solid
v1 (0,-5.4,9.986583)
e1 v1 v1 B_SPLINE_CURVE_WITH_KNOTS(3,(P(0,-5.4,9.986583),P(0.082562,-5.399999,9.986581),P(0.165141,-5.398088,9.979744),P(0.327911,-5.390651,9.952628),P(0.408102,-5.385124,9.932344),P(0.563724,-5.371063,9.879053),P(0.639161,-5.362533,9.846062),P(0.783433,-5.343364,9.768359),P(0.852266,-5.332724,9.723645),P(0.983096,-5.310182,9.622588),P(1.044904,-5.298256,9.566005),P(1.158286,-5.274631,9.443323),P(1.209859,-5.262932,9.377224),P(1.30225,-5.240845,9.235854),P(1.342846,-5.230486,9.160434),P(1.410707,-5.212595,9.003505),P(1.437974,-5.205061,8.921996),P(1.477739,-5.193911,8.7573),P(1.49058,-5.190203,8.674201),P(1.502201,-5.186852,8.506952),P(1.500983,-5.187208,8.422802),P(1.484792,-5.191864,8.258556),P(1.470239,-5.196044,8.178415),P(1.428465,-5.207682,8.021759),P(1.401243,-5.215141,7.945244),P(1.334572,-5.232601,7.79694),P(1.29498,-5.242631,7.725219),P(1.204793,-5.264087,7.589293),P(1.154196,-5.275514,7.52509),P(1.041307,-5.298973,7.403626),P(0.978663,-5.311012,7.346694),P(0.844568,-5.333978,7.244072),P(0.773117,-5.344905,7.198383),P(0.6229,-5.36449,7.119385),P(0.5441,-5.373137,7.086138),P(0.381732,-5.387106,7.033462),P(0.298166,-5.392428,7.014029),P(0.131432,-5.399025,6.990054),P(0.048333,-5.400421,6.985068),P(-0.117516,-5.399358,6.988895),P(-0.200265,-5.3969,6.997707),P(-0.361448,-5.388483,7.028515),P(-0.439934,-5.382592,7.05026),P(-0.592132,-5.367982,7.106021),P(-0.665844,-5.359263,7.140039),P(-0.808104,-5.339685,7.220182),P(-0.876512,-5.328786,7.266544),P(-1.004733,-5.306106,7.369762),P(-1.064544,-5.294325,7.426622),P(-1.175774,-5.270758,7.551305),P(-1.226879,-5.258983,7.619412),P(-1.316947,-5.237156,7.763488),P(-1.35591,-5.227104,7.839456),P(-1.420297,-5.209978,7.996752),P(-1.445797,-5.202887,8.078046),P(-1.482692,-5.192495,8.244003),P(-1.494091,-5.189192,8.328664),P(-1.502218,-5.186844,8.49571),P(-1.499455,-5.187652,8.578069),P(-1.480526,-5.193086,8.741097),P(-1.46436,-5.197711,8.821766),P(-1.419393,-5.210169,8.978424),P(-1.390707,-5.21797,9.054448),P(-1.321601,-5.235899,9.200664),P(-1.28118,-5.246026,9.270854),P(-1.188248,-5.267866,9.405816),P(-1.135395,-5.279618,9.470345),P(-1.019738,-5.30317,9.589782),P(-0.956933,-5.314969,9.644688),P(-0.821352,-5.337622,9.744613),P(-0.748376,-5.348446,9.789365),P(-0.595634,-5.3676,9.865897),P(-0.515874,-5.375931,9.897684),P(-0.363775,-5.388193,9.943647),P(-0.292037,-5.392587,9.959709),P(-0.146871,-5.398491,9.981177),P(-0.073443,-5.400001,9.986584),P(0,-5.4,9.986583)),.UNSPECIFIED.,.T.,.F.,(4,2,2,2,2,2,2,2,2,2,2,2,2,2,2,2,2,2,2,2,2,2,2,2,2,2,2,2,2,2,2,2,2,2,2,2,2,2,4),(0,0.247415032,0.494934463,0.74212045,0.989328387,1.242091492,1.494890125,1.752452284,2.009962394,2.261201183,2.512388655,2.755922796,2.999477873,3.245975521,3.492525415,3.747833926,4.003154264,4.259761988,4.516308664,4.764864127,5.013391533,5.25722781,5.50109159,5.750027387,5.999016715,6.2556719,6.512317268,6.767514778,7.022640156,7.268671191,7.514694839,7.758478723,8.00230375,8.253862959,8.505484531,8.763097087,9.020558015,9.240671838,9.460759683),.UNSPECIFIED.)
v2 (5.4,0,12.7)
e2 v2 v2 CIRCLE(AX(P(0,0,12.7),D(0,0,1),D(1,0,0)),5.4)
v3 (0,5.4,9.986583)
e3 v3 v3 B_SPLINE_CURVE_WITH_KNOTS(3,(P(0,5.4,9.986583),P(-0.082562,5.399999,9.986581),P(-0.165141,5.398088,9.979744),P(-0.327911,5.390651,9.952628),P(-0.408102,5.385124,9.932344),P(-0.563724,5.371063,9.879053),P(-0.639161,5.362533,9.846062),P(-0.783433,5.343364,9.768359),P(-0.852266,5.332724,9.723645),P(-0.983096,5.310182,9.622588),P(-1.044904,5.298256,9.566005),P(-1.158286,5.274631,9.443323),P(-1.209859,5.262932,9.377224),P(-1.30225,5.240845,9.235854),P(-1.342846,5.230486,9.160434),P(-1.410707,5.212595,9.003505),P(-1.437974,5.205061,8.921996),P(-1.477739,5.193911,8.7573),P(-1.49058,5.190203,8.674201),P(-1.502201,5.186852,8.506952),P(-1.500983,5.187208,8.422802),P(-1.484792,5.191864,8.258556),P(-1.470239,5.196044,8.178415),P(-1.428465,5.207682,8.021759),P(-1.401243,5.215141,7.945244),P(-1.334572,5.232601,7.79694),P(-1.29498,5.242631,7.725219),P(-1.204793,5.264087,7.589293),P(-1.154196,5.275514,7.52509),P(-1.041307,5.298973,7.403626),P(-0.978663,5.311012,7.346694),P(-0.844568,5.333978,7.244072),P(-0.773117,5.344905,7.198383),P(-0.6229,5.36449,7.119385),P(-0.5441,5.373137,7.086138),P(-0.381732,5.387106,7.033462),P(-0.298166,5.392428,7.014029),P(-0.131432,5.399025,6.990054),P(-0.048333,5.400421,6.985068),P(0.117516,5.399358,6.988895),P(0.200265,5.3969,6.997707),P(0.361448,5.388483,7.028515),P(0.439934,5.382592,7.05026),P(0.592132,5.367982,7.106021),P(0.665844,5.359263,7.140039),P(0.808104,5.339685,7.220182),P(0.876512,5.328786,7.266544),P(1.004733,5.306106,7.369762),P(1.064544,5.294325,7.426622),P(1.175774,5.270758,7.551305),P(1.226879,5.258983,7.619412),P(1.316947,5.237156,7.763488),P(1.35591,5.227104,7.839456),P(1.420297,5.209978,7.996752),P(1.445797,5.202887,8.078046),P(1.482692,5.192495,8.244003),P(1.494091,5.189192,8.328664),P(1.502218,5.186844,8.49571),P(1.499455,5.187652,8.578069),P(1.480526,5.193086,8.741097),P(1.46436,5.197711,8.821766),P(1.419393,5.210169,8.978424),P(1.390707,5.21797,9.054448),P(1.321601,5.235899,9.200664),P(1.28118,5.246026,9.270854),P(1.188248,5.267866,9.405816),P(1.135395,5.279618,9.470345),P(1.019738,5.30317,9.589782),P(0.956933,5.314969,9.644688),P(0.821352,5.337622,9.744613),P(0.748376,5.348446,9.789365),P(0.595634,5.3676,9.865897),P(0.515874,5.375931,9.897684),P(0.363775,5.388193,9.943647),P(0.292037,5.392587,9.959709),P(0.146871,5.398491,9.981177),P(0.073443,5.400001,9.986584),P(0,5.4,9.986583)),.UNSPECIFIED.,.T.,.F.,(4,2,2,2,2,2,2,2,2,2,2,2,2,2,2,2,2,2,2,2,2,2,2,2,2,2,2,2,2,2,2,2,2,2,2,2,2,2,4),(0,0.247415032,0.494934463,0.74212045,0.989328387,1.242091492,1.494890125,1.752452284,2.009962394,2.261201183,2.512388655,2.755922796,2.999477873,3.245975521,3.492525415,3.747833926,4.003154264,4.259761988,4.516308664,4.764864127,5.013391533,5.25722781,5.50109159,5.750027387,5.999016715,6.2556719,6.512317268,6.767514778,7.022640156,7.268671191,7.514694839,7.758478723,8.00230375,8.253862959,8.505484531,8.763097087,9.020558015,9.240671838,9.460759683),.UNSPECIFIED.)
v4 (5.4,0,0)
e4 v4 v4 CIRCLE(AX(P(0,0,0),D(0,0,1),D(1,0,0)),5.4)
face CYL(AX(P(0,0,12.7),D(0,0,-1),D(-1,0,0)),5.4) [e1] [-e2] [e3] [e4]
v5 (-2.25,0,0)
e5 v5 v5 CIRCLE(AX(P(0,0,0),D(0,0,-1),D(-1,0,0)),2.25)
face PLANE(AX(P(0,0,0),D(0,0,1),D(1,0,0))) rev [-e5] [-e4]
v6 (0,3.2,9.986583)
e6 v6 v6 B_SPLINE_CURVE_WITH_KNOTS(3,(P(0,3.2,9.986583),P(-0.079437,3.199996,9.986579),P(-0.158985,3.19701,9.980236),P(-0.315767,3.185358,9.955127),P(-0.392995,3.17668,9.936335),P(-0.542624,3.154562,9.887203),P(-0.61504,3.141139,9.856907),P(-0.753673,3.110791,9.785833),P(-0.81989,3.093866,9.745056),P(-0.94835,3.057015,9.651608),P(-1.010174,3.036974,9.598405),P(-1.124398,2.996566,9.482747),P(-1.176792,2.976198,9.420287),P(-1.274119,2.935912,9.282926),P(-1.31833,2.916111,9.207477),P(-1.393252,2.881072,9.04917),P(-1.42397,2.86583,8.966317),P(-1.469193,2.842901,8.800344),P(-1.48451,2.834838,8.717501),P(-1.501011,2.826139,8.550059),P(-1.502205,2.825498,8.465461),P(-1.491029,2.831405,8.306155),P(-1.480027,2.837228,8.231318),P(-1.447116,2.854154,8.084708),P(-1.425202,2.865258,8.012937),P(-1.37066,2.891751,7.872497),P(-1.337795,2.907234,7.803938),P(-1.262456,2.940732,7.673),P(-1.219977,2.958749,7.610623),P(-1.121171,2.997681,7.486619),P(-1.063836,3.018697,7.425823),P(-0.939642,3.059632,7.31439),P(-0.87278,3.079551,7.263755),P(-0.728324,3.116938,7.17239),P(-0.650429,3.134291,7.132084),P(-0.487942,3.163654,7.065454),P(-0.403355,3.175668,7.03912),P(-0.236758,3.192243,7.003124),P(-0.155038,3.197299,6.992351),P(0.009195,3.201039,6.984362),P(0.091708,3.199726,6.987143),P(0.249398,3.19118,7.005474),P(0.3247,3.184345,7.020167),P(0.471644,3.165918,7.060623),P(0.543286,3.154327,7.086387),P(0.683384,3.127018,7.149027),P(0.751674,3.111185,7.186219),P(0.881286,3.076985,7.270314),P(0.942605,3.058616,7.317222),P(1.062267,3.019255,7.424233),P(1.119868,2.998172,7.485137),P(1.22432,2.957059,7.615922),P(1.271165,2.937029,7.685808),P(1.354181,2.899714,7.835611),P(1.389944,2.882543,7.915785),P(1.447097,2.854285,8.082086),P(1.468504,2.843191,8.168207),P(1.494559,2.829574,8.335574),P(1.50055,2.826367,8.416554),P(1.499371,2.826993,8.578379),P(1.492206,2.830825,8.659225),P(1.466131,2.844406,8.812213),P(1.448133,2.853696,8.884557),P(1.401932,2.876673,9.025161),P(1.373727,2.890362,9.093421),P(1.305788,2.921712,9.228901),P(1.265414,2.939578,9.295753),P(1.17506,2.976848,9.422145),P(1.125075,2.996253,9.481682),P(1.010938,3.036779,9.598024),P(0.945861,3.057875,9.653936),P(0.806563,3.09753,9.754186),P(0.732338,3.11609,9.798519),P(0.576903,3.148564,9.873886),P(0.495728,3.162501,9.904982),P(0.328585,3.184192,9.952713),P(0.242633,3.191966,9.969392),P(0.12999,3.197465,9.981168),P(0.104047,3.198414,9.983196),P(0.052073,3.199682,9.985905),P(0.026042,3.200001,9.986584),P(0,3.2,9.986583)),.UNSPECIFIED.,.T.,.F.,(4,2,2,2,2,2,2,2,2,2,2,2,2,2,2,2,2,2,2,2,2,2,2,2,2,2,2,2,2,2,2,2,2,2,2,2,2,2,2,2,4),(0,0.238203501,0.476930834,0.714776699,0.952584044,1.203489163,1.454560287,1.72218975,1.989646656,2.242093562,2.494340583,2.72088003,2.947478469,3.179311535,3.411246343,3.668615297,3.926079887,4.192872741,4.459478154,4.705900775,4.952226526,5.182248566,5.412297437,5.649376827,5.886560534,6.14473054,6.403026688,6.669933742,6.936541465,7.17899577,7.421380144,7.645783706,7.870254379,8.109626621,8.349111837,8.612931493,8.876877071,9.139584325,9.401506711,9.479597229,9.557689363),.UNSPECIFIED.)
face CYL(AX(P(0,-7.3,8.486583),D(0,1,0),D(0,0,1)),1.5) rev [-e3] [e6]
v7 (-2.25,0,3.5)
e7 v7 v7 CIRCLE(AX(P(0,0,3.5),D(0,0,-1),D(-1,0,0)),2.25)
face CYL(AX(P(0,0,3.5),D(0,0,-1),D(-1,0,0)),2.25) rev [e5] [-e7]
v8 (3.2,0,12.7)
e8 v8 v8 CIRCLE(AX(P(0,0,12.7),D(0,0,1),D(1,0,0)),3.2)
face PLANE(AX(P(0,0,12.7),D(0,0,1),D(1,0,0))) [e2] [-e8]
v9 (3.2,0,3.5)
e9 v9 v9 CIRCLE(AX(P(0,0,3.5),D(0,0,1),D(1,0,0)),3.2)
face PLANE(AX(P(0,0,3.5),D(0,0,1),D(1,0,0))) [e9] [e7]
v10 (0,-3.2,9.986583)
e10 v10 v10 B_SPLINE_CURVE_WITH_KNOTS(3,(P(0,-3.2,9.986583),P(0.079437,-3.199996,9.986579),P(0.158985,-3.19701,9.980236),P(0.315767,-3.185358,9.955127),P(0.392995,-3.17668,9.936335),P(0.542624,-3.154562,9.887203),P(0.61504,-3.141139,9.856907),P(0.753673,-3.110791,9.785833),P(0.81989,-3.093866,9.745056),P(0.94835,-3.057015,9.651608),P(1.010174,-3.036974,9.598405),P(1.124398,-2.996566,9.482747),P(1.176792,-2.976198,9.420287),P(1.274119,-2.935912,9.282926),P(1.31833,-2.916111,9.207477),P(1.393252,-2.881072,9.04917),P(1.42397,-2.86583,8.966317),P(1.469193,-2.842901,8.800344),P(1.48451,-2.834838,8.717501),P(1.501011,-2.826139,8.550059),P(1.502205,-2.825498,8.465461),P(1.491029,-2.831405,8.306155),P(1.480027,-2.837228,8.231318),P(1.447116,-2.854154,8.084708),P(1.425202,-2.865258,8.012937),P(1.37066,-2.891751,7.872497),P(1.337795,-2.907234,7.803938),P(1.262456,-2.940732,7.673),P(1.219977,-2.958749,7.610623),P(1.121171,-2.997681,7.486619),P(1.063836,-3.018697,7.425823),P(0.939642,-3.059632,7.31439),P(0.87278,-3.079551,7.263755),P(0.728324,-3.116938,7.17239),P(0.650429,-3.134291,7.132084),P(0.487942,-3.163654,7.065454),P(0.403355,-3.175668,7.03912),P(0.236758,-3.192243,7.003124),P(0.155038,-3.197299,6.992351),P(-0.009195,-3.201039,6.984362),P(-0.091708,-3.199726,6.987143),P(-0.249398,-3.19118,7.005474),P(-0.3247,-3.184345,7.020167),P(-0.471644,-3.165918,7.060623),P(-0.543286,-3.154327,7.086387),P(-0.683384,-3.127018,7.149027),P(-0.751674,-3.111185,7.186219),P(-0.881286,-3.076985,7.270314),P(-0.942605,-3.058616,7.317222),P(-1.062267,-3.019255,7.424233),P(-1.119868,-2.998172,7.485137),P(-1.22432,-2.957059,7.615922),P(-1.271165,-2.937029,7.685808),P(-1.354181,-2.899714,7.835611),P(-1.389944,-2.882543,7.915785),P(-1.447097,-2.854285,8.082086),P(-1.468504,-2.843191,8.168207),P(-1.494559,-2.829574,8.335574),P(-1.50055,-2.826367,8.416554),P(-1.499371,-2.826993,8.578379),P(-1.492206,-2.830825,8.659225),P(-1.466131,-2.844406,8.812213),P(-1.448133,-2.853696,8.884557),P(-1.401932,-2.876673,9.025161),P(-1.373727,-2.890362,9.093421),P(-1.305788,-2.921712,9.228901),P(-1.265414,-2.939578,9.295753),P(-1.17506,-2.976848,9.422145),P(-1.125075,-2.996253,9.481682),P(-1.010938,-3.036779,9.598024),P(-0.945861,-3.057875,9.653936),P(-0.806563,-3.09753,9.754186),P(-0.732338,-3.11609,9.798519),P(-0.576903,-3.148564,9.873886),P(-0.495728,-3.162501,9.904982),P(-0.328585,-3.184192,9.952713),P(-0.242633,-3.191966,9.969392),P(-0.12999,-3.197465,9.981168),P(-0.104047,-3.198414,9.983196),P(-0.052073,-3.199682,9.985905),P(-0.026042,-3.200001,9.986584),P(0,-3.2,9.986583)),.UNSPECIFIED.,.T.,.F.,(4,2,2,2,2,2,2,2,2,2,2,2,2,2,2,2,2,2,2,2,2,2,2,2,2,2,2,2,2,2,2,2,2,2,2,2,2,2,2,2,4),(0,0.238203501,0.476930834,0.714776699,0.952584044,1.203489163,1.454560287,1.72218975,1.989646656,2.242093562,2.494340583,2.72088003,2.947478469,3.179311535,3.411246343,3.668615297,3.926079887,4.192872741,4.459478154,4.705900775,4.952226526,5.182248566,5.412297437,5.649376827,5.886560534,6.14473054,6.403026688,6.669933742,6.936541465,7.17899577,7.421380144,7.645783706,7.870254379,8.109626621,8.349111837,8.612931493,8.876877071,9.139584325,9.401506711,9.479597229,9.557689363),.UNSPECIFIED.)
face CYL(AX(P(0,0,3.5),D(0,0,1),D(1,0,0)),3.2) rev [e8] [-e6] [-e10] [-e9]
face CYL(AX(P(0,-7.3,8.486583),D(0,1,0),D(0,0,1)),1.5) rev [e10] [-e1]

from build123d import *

# Parameters (mm, degrees)
SKETCH1_R           = 5.4
BOSS_EXTRUDE1_DEPTH = 12.7
SKETCH3_R           = 1.5
CUT_EXTRUDE2_DEPTH  = 12.7
SKETCH5_R           = 2.25
CUT_EXTRUDE3_DEPTH  = 3.5
SKETCH4_R           = 3.2
CUT_EXTRUDE4_DEPTH  = 9.2


with BuildPart() as part:
    # Sketch1 → Boss-Extrude1 (new body)
    with BuildSketch(Plane.XY):
        Circle(SKETCH1_R)
    extrude(amount=BOSS_EXTRUDE1_DEPTH)

    # Sketch3 → Cut-Extrude2 (cut)
    with BuildSketch(Plane(origin=(0, 5.4, 0), x_dir=(1, 0, 0), z_dir=(0, 1, 0))):
        with Locations(Location((0, -8.486582987, 0), (0, 0, 270))):
            Circle(SKETCH3_R)
    extrude(amount=-CUT_EXTRUDE2_DEPTH, mode=Mode.SUBTRACT)

    # Sketch5 → Cut-Extrude3 (cut)
    with BuildSketch(Plane(origin=(0, 0, 0), x_dir=(-1, 0, 0), z_dir=(0, 0, -1))):
        Circle(SKETCH5_R)
    extrude(amount=-CUT_EXTRUDE3_DEPTH, mode=Mode.SUBTRACT)

    # Sketch4 → Cut-Extrude4 (cut)
    with BuildSketch(Plane.XY.offset(12.7)):
        Circle(SKETCH4_R)
    extrude(amount=-CUT_EXTRUDE4_DEPTH, mode=Mode.SUBTRACT)


solid = part.part
